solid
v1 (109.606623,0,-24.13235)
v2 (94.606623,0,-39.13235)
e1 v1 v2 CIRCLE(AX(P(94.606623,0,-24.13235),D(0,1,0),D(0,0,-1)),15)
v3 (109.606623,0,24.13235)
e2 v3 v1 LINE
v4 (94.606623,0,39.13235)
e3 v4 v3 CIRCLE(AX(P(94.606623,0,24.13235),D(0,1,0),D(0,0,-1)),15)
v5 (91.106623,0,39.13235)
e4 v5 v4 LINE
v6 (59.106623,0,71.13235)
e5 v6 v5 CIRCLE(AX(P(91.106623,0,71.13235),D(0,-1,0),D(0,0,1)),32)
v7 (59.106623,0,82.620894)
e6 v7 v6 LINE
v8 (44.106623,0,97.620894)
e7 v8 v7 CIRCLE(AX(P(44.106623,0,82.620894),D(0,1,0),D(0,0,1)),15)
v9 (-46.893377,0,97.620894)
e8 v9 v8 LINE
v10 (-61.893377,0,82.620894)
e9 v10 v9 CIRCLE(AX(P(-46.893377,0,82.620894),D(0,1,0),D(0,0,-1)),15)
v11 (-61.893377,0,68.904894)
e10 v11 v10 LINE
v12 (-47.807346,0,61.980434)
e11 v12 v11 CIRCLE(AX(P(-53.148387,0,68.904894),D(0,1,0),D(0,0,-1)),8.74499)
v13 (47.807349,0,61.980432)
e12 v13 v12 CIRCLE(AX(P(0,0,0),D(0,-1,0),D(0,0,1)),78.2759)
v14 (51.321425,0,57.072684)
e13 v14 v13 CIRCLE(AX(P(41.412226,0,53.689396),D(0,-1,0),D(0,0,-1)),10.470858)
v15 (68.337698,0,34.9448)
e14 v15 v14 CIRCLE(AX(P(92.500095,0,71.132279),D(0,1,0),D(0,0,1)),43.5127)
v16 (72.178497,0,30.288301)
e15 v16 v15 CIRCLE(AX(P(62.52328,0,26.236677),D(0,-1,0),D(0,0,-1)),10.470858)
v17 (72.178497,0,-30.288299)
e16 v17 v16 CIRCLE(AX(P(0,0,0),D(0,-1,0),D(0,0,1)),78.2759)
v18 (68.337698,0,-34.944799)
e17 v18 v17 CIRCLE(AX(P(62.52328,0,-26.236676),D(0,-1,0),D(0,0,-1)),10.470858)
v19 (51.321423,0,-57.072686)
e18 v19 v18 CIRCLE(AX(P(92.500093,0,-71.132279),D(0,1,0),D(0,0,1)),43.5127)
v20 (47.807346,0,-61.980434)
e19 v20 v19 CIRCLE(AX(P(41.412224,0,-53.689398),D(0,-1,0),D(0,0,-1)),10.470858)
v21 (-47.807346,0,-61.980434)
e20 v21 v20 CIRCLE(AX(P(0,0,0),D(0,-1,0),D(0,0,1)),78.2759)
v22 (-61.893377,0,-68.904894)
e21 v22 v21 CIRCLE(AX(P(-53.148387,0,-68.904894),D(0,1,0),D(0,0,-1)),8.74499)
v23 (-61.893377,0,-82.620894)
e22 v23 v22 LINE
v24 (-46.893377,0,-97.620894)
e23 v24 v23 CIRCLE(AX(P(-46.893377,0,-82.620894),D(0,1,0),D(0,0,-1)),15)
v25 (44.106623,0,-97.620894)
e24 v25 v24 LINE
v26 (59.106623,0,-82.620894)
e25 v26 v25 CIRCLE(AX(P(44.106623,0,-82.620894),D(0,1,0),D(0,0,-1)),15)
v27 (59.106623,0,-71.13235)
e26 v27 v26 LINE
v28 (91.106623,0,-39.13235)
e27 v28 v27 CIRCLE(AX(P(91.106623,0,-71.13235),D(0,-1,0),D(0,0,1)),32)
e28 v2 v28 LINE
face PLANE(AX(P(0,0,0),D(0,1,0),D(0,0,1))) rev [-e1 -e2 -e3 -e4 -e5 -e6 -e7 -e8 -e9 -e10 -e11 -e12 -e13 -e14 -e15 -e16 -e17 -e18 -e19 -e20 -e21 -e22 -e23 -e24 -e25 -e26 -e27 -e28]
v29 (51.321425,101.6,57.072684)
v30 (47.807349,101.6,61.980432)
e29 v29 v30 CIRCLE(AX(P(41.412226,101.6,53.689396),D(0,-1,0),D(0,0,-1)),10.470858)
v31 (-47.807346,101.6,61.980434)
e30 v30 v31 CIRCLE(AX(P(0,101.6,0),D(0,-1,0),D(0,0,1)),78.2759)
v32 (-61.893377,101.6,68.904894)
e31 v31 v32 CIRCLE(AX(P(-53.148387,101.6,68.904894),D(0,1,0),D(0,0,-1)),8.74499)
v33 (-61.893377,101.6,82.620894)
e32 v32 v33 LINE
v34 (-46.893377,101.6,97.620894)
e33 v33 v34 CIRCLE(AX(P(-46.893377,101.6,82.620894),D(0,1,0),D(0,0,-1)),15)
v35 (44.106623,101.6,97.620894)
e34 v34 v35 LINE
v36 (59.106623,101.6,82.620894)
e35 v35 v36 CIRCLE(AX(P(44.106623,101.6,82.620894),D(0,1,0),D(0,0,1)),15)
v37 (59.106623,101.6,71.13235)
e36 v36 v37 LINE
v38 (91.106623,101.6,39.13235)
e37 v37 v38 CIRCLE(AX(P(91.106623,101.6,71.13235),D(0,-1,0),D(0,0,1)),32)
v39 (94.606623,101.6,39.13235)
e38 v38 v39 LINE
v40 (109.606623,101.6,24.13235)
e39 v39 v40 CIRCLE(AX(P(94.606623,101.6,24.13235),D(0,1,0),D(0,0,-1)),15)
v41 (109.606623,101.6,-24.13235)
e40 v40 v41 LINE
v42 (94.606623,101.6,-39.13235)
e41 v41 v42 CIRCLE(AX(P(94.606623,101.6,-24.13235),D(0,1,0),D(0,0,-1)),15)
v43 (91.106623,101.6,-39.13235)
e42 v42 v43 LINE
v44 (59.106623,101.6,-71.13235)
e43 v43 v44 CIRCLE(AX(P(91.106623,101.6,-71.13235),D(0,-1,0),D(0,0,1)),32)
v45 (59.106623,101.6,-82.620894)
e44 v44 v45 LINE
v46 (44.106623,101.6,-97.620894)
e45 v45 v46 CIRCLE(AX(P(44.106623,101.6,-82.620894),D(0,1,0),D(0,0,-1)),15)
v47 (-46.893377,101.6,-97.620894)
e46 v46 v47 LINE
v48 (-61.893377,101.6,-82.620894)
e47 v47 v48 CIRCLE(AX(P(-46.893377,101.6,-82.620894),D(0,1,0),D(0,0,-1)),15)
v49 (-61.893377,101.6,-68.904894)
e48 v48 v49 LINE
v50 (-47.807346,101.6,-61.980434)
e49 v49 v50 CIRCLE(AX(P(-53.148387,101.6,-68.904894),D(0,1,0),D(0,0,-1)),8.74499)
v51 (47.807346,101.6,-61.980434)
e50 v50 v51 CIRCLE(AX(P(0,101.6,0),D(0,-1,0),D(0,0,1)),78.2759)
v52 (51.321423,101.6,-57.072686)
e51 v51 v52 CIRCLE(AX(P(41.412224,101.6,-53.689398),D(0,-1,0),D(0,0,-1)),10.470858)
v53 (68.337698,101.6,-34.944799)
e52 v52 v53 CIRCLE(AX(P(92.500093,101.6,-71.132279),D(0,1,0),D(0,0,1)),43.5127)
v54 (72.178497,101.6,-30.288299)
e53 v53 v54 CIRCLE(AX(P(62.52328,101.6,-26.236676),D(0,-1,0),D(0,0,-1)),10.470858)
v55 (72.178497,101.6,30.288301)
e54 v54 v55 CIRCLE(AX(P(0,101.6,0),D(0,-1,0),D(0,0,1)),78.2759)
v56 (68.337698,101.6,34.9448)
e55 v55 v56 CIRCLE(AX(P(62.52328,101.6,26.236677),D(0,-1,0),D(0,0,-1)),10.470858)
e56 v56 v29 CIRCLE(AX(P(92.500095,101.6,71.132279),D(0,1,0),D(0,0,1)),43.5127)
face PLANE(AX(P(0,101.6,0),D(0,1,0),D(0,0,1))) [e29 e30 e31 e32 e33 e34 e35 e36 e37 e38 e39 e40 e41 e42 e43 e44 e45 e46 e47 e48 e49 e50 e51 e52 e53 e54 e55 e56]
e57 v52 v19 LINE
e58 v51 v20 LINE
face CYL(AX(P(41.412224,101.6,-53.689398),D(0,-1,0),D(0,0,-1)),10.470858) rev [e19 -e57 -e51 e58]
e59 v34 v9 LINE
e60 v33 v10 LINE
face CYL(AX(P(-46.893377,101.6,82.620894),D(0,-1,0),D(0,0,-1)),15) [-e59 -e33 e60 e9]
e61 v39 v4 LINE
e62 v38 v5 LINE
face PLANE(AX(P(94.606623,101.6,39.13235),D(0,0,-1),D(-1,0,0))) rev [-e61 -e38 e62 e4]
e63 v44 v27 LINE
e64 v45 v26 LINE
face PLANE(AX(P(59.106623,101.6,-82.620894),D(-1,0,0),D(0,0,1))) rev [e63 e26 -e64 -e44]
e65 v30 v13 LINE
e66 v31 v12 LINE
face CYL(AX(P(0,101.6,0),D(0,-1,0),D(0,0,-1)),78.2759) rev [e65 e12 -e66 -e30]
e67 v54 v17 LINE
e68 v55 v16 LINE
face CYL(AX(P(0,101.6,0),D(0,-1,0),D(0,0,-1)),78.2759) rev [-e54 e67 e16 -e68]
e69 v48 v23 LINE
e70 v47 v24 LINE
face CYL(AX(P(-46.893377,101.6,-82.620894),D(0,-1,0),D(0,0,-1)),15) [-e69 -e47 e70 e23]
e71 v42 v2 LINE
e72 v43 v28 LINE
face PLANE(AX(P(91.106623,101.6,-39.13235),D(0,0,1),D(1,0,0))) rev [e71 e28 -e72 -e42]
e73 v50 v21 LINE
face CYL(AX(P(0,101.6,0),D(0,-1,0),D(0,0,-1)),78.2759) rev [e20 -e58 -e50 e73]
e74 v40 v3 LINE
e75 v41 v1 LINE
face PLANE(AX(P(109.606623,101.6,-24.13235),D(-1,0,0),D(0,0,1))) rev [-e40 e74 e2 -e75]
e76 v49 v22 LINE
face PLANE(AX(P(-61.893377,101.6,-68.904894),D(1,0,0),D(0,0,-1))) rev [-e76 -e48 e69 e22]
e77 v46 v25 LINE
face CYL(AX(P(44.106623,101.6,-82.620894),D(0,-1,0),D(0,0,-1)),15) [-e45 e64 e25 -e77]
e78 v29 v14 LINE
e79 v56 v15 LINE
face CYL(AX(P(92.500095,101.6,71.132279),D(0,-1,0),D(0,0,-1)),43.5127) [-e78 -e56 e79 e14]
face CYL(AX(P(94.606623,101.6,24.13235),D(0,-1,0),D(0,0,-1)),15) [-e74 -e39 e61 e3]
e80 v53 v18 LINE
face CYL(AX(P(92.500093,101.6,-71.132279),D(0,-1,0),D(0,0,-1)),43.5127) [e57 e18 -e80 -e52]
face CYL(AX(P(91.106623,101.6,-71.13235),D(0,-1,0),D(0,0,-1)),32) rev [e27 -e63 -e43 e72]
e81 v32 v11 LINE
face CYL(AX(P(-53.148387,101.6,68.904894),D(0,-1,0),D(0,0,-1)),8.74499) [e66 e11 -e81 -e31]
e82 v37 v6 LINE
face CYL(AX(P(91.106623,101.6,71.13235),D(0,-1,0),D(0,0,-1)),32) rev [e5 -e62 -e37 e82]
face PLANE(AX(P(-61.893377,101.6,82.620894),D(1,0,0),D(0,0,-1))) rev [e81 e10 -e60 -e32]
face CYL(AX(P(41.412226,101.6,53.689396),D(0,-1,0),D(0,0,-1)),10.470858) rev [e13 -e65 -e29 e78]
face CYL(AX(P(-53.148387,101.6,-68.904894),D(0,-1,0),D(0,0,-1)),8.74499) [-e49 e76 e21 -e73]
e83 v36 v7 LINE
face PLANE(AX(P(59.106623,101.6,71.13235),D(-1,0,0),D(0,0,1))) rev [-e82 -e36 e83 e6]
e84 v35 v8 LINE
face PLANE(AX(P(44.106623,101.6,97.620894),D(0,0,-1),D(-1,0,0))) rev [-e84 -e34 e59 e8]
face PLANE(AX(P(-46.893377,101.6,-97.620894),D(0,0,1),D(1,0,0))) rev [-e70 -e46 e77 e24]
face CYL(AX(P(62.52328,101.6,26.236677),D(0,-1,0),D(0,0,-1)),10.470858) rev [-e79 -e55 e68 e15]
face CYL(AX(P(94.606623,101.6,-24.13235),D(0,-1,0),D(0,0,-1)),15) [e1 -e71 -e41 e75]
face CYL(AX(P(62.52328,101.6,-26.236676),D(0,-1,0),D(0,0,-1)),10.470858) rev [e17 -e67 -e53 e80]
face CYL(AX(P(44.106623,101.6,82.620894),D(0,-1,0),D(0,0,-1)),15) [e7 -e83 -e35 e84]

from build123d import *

# Parameters (mm, degrees)
BOSS_EXTRUDE1_DEPTH = 101.6


with BuildPart() as part:
    # Sketch1 → Boss-Extrude1 (new body)
    with BuildSketch(Plane(origin=(0, 0, 0), x_dir=(1, 0, 0), z_dir=(0, 1, 0))):
        with BuildLine():
            Line((-61.89337695, 68.904893678), (-61.89337695, 82.620893678))
            ThreePointArc((-61.89337695, 82.620893678), (-57.499978668, 93.227495396), (-46.89337695, 97.620893678))
            Line((-46.89337695, 97.620893678), (44.10662305, 97.620893678))
            ThreePointArc((44.10662305, 97.620893678), (54.713224768, 93.227495396), (59.10662305, 82.620893678))
            Line((59.10662305, 82.620893678), (59.10662305, 71.13235))
            ThreePointArc((59.10662305, 71.13235), (68.479206052, 48.504933002), (91.10662305, 39.13235))
            Line((91.10662305, 39.13235), (94.60662305, 39.13235))
            ThreePointArc((94.60662305, 39.13235), (105.213224768, 34.738951718), (109.60662305, 24.13235))
            Line((109.60662305, 24.13235), (109.60662305, -24.13235))
            ThreePointArc((109.60662305, -24.13235), (105.213224768, -34.738951718), (94.60662305, -39.13235))
            Line((94.60662305, -39.13235), (91.10662305, -39.13235))
            ThreePointArc((91.10662305, -39.13235), (68.479206052, -48.504933002), (59.10662305, -71.13235))
            Line((59.10662305, -71.13235), (59.10662305, -82.620893678))
            ThreePointArc((59.10662305, -82.620893678), (54.713224768, -93.227495396), (44.10662305, -97.620893678))
            Line((44.10662305, -97.620893678), (-46.89337695, -97.620893678))
            ThreePointArc((-46.89337695, -97.620893678), (-57.499978668, -93.227495396), (-61.89337695, -82.620893678))
            Line((-61.89337695, -82.620893678), (-61.89337695, -68.904893678))
            ThreePointArc((-61.89337695, -68.904893678), (-57.006333295, -61.056893678), (-47.807345705, -61.98043415))
            ThreePointArc((-47.807345705, -61.98043415), (1.776e-06, -78.2759), (47.807348518, -61.98043198))
            ThreePointArc((47.807348518, -61.98043198), (49.925699103, -59.785267241), (51.321425315, -57.072684381))
            ThreePointArc((51.321425315, -57.072684381), (58.006985995, -44.607187443), (68.337697819, -34.944800122))
            ThreePointArc((68.337697819, -34.944800122), (70.600912289, -32.899312969), (72.178496552, -30.288300651))
            ThreePointArc((72.178496552, -30.288300651), (78.2759, -7.06e-07), (72.178497098, 30.288299349))
            ThreePointArc((72.178497098, 30.288299349), (70.600912642, 32.899311988), (68.337697819, 34.94479931))
            ThreePointArc((68.337697819, 34.94479931), (58.006984392, 44.607187472), (51.321422969, 57.072685993))
            ThreePointArc((51.321422969, 57.072685993), (49.92569661, 59.785269199), (47.807345705, 61.98043415))
            ThreePointArc((47.807345705, 61.98043415), (0, 78.2759), (-47.807345705, 61.98043415))
            ThreePointArc((-47.807345705, 61.98043415), (-57.006333295, 61.056893678), (-61.89337695, 68.904893678))
        make_face()
    extrude(amount=BOSS_EXTRUDE1_DEPTH)


solid = part.part
